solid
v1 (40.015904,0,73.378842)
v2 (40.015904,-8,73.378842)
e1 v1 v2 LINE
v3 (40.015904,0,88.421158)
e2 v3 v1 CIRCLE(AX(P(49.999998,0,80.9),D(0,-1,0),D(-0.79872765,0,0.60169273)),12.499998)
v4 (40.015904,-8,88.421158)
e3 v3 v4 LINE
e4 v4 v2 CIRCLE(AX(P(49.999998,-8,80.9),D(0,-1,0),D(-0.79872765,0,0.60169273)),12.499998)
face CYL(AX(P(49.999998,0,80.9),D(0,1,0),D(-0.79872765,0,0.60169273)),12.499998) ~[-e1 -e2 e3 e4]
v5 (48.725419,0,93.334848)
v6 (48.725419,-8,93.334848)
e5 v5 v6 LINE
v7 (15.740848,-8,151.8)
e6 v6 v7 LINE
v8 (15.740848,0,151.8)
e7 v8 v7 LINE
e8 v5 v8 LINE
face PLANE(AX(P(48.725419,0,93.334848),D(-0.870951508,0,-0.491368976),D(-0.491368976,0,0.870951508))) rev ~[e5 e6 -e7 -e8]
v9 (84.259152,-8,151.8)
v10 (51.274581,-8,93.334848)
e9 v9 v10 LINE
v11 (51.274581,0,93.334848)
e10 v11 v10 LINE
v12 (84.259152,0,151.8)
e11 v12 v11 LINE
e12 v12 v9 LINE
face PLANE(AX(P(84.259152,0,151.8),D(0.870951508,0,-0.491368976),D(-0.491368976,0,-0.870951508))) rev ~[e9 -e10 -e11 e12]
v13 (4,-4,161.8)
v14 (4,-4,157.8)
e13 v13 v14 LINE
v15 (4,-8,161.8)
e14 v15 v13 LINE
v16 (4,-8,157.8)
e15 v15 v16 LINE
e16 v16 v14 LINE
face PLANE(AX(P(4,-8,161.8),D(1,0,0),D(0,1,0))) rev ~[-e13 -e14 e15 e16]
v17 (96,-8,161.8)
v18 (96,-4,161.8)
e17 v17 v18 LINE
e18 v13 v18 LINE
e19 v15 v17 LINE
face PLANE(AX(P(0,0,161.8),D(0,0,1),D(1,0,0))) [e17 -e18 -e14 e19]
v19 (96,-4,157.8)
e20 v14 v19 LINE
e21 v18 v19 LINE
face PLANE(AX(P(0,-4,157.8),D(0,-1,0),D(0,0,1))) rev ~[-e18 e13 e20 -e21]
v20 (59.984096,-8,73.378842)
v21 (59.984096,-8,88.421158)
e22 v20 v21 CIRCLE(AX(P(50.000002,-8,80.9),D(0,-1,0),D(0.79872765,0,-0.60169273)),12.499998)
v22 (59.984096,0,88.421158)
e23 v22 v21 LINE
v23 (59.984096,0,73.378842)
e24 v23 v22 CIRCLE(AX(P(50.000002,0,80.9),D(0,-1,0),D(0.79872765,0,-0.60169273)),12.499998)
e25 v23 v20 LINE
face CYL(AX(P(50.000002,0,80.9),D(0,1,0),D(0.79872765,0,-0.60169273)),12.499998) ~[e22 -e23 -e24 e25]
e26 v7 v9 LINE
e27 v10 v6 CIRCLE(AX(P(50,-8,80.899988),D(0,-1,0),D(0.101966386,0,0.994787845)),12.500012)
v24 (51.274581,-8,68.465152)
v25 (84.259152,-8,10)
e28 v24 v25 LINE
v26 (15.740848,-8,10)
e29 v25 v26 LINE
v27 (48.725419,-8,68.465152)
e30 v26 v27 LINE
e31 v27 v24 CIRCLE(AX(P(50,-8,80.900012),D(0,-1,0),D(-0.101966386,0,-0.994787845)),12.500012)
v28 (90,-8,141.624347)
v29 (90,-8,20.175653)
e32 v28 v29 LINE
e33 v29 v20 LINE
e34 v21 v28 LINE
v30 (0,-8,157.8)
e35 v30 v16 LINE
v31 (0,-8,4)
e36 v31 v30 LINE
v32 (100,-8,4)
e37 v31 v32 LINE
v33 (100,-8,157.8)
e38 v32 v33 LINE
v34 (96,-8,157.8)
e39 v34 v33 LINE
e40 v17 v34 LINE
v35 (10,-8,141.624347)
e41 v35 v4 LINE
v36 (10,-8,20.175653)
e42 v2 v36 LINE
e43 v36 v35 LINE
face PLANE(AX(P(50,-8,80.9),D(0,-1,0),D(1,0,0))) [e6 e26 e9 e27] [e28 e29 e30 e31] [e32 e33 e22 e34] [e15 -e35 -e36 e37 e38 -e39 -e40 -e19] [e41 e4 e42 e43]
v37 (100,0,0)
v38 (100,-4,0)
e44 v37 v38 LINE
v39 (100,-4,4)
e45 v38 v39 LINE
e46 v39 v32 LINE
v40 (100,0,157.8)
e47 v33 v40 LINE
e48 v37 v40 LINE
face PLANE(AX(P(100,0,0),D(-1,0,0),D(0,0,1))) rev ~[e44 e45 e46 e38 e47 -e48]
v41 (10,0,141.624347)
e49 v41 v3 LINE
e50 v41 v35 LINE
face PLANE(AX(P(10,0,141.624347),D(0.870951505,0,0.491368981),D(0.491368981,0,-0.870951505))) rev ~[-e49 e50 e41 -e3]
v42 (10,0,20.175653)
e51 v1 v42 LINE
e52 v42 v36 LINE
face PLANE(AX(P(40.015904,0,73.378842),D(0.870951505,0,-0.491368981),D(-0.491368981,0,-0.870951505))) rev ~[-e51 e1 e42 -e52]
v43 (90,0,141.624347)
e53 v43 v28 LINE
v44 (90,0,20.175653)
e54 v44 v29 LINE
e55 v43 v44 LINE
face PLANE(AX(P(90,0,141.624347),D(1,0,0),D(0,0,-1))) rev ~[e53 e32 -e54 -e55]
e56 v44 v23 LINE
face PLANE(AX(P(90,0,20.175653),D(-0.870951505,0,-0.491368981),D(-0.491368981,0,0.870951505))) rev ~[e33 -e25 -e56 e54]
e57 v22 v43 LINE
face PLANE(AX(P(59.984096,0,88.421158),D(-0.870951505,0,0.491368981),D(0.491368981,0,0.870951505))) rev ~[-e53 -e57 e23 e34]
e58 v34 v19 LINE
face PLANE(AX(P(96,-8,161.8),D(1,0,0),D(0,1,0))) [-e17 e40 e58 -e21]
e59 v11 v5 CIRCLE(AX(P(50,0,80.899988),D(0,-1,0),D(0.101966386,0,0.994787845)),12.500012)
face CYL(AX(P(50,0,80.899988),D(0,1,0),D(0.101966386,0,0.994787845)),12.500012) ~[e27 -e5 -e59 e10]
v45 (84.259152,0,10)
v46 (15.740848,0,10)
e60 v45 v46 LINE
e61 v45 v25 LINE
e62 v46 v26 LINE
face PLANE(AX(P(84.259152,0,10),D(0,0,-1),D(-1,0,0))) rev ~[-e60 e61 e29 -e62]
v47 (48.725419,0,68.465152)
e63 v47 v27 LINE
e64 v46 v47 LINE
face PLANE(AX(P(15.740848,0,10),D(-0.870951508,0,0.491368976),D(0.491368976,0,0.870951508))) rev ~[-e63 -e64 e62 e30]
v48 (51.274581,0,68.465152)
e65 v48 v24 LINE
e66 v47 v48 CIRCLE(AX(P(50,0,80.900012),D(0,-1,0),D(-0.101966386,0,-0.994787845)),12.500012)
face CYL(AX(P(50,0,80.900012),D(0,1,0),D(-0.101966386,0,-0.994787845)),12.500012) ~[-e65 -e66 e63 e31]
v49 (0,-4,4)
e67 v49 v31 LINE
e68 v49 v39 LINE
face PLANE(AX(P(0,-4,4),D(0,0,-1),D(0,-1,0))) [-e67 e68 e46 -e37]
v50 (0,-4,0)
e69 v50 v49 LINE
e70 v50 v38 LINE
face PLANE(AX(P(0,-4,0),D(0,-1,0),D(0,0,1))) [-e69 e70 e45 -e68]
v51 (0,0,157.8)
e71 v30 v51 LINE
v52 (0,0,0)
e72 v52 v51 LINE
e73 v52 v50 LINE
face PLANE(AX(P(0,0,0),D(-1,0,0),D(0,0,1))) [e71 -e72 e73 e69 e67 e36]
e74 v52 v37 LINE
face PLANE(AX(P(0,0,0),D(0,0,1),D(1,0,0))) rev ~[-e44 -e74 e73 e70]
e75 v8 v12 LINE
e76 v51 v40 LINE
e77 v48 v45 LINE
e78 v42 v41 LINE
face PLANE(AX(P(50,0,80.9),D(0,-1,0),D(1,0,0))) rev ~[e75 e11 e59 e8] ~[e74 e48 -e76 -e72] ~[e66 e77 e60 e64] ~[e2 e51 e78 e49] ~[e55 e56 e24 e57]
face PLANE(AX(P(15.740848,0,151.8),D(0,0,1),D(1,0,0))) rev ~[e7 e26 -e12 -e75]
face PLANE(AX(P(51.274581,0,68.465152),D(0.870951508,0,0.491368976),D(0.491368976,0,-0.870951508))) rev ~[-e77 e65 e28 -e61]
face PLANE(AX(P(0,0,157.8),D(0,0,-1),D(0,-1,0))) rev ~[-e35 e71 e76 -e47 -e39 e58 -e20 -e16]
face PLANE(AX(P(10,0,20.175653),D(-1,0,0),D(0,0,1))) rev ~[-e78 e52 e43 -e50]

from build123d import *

# Parameters (mm, degrees)
F0_W     = 100
F0_H     = 161.8
F1_DEPTH = 8
F2_W     = 4
F2_H     = 4
F3_DEPTH = 134.44841
F4_W     = 4
F4_H     = 4
F5_DEPTH = 4


with BuildPart() as f1:
    # F0 (on Front) → F1 (new body)
    with BuildSketch(Plane.XZ):
        with Locations((50, 80.9)):
            Rectangle(F0_W, F0_H)
        with BuildLine():
            Line((84.259152, 10), (15.740848, 10))
            Line((15.740848, 10), (48.725419, 68.465152))
            ThreePointArc((48.725419, 68.465152), (50, 68.4), (51.274581, 68.465152))
            Line((51.274581, 68.465152), (84.259152, 10))
        make_face(mode=Mode.SUBTRACT)
        with BuildLine():
            Line((40.015904, 73.378842), (10, 20.175653))
            Line((10, 20.175653), (10, 141.624347))
            Line((10, 141.624347), (40.015904, 88.421158))
            ThreePointArc((40.015904, 88.421158), (37.5, 80.9), (40.015904, 73.378842))
        make_face(mode=Mode.SUBTRACT)
        with BuildLine():
            Line((90, 141.624347), (90, 20.175653))
            Line((90, 20.175653), (59.984096, 73.378842))
            ThreePointArc((59.984096, 73.378842), (62.5, 80.9), (59.984096, 88.421158))
            Line((59.984096, 88.421158), (90, 141.624347))
        make_face(mode=Mode.SUBTRACT)
        with BuildLine():
            Line((15.740848, 151.8), (84.259152, 151.8))
            Line((84.259152, 151.8), (51.274581, 93.334848))
            ThreePointArc((51.274581, 93.334848), (50, 93.4), (48.725419, 93.334848))
            Line((48.725419, 93.334848), (15.740848, 151.8))
        make_face(mode=Mode.SUBTRACT)
    extrude(amount=F1_DEPTH)

    # F2 (on face) → F3 (cut)
    with BuildSketch(Plane(origin=(0, 0, 0), x_dir=(0, -1, 0), z_dir=(-1, 0, 0))):
        with Locations((2, 159.8)):
            Rectangle(F2_W, F2_H)
        with Locations((6, 2)):
            Rectangle(F2_W, F2_H)
    extrude(amount=-F3_DEPTH, mode=Mode.SUBTRACT)

    # F4 (on face) → F5 (cut)
    with BuildSketch(Plane.XY.offset(161.8)):
        with Locations((98, -6)):
            Rectangle(F4_W, F4_H)
        with Locations((2, -6)):
            Rectangle(F4_W, F4_H)
    extrude(amount=-F5_DEPTH, mode=Mode.SUBTRACT)


solid = f1.part
